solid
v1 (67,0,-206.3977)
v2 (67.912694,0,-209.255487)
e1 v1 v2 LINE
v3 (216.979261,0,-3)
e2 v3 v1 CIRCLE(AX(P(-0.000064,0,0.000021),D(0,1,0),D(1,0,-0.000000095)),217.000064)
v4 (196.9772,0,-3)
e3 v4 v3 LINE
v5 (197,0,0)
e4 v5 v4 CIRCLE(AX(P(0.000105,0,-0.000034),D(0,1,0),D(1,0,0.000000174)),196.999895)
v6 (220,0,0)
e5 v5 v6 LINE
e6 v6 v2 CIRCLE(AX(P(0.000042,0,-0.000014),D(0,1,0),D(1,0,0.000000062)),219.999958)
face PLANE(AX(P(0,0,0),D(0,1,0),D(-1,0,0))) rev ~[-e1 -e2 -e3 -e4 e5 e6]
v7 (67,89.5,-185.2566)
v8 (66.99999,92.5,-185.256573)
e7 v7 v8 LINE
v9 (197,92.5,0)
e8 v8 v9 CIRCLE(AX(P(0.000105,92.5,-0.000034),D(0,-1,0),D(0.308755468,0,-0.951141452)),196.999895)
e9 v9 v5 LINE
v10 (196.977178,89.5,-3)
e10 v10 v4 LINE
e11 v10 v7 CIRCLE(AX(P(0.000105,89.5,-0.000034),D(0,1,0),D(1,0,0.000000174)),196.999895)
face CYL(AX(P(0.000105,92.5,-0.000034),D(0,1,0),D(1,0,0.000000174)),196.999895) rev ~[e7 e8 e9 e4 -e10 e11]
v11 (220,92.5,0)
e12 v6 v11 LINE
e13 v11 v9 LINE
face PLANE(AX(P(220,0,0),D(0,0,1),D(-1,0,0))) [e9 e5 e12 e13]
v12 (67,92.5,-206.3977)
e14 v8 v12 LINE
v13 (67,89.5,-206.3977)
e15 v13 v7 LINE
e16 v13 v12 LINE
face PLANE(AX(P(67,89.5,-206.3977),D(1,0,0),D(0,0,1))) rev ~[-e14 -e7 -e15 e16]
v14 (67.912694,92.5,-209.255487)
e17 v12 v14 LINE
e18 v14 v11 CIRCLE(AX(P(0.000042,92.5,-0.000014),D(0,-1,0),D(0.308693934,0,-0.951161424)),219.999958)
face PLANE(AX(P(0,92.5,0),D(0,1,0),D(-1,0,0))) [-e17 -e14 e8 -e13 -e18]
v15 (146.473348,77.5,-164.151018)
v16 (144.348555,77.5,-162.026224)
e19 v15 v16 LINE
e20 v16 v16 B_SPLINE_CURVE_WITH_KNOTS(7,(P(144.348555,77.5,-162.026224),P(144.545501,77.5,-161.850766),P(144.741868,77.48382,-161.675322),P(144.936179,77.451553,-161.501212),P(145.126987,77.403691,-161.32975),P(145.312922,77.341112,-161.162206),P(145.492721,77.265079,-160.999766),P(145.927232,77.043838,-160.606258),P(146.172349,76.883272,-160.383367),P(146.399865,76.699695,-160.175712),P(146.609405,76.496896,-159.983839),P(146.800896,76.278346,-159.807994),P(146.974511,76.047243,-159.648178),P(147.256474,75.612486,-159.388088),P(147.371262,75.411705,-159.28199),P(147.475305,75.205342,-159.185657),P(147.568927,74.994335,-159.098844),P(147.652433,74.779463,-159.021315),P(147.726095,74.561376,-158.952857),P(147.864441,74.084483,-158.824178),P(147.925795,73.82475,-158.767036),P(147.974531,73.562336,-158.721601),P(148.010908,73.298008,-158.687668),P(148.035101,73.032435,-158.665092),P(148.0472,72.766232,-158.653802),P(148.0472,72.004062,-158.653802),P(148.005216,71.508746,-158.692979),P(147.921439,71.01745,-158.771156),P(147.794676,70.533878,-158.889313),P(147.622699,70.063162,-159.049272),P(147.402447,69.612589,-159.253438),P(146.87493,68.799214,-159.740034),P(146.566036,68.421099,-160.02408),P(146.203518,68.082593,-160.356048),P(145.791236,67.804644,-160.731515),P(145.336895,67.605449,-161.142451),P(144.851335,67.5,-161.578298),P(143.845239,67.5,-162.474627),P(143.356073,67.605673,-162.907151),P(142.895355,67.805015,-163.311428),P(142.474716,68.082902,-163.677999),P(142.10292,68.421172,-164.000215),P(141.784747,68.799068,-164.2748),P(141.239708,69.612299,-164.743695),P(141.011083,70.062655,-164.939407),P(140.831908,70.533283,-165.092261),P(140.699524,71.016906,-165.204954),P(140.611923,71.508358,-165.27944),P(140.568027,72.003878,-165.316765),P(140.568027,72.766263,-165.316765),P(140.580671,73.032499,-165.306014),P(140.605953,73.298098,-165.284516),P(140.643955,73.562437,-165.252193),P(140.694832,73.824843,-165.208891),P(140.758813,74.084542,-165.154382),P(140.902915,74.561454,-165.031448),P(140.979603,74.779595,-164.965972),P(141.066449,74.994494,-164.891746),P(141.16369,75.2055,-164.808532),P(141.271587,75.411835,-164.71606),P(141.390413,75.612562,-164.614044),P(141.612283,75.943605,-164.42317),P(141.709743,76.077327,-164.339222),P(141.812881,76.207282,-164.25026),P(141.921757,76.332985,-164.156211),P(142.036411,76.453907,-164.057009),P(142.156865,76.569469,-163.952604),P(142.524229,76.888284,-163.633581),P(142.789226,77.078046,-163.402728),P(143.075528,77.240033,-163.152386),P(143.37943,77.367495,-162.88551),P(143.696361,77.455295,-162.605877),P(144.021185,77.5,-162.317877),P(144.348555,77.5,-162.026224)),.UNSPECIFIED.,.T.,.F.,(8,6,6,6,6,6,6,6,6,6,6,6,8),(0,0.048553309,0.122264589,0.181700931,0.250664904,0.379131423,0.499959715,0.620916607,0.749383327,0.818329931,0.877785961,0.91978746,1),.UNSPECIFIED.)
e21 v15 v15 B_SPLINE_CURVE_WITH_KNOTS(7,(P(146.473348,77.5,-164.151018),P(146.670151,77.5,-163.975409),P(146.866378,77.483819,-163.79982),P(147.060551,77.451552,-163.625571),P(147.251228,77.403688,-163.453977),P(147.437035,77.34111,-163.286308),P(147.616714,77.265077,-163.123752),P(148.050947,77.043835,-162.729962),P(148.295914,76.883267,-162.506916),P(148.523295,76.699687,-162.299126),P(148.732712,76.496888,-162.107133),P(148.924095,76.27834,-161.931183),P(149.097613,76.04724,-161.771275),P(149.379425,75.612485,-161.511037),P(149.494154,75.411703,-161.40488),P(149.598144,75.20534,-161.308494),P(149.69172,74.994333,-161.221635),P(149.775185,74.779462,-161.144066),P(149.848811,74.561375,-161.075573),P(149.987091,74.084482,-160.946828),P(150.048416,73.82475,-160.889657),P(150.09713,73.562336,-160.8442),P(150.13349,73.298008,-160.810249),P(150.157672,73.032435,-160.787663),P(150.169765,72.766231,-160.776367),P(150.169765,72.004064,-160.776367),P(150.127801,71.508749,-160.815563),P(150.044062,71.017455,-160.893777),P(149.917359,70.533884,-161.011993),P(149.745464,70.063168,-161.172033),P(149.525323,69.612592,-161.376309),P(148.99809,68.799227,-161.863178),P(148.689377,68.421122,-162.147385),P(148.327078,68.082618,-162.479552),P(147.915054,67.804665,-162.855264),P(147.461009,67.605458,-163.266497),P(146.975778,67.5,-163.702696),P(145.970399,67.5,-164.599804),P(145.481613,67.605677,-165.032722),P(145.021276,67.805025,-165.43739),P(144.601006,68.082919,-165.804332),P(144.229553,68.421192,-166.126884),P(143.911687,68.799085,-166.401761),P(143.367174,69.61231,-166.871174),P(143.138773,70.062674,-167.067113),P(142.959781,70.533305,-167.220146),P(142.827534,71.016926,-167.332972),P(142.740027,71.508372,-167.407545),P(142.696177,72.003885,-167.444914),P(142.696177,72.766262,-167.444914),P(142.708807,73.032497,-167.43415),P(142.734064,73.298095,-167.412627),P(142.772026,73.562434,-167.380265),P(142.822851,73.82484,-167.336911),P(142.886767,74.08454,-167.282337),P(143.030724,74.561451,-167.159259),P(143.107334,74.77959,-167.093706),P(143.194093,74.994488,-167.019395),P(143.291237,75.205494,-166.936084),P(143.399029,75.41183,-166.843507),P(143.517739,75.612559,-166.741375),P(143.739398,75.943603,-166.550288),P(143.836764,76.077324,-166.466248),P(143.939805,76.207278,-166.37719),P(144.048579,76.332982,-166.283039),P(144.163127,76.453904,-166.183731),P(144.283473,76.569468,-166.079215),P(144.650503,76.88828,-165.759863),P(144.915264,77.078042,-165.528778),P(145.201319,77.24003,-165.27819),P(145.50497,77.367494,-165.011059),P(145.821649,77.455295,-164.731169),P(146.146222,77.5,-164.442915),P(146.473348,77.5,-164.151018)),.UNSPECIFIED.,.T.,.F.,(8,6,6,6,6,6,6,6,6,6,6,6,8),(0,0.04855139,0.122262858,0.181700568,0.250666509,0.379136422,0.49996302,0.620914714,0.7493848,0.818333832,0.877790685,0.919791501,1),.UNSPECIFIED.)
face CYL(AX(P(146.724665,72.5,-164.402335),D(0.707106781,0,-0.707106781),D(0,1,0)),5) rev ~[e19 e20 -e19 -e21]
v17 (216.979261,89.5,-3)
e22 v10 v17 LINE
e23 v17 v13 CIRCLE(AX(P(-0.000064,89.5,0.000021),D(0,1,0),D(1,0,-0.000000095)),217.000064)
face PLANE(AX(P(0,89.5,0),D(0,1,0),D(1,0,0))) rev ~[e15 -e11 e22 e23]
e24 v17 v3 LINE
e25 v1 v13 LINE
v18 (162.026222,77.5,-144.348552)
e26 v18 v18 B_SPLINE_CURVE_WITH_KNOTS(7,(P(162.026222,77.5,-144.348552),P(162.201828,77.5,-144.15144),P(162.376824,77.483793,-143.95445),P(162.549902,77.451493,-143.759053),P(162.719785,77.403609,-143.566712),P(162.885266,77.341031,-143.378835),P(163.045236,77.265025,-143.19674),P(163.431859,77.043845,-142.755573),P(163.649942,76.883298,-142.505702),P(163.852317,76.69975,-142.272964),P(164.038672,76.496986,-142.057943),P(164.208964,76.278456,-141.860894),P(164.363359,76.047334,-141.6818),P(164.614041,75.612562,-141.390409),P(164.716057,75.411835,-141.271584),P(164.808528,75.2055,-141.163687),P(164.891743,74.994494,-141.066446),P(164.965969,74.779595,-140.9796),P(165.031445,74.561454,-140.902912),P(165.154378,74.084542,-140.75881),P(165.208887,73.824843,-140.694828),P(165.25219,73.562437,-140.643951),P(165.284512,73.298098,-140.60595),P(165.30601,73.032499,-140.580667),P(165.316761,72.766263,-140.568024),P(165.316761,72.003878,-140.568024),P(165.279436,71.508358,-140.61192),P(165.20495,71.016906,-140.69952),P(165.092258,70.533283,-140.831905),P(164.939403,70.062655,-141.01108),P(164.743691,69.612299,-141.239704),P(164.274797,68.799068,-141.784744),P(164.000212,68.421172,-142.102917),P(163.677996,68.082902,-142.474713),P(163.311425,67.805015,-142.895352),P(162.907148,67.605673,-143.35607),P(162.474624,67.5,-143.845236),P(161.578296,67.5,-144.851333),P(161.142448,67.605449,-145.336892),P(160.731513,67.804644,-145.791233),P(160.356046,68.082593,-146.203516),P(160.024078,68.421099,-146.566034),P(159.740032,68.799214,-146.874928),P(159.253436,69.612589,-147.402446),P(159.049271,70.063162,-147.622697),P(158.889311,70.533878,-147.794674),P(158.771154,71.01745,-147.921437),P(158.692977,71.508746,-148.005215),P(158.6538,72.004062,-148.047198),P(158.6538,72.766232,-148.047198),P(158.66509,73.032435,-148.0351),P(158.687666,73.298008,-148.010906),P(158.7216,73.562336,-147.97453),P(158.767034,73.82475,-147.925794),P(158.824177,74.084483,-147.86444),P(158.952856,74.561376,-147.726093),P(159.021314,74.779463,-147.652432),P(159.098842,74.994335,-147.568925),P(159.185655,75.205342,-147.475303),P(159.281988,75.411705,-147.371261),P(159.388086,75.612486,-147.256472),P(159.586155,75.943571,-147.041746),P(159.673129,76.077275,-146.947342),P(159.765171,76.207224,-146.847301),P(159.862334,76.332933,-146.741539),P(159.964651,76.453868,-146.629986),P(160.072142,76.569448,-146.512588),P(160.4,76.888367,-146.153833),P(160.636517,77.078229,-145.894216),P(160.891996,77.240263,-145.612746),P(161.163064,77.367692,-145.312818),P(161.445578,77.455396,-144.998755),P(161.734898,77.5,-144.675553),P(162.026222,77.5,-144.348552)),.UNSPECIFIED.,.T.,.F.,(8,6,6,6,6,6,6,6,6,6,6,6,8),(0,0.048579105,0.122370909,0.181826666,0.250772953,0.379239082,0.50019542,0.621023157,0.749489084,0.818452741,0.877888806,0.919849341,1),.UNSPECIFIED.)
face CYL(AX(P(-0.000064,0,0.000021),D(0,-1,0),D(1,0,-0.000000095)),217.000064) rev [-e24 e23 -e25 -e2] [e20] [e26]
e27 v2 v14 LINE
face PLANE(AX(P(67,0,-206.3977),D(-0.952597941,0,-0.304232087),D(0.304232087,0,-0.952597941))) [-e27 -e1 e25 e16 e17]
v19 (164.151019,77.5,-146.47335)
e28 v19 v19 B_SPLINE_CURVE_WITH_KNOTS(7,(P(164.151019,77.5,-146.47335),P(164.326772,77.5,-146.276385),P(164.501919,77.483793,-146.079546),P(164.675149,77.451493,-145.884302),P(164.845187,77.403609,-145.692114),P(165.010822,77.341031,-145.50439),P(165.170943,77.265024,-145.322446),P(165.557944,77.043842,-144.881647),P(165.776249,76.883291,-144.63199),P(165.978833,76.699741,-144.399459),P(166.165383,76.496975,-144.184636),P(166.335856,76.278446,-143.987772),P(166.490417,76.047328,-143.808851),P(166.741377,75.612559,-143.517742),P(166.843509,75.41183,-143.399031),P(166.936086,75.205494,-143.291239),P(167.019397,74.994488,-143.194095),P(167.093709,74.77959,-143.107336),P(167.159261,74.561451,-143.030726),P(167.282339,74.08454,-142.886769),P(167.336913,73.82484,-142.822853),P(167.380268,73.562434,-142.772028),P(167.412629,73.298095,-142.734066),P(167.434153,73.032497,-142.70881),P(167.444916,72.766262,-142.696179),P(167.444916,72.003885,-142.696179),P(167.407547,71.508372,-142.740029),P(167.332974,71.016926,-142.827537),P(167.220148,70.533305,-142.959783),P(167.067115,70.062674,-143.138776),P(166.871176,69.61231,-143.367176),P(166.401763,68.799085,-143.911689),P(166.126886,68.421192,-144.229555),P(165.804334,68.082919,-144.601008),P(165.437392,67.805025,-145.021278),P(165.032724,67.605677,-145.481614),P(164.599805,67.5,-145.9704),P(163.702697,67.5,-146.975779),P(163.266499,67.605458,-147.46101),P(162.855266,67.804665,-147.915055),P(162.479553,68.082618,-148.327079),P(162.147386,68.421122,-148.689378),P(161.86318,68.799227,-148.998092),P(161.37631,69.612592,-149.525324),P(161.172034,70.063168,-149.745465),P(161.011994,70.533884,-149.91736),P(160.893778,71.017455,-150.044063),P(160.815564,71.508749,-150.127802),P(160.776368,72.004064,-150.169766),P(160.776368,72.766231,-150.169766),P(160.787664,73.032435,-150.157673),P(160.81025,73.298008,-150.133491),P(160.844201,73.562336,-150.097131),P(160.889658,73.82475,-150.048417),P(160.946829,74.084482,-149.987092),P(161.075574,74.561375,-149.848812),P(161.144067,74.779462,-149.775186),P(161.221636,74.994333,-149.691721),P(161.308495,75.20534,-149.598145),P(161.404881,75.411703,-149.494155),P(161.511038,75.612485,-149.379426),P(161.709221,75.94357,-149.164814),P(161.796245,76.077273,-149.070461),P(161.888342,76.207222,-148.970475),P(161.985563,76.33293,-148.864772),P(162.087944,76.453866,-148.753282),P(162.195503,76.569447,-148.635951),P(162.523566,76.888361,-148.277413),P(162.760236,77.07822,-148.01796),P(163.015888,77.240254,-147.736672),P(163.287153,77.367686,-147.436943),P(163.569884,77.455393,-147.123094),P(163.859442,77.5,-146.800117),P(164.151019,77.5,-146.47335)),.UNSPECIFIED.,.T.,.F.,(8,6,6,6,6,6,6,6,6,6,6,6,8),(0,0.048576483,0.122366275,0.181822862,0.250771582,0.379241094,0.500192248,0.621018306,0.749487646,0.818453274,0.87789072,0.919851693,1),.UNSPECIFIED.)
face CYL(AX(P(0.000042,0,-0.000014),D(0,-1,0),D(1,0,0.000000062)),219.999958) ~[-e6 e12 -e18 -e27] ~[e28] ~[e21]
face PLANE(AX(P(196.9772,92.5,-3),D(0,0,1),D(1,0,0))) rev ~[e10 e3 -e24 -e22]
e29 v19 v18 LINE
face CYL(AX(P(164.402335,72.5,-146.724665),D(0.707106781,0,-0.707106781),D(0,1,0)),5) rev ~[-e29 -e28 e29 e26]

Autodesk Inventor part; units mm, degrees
ref_plane "YZ Plane" through (0, 0, 0) normal (1, 0, 0) x (0, 1, 0)
ref_plane "XZ Plane" through (0, 0, 0) normal (0, 1, 0) x (-1, 0, 0)
sketch "Sketch1" plane through (0, 0, 0) normal (0, 1, 0) x (-1, 0, 0)
  arc A0 (-220, 0) -> (-67, -209.5495) centre (0, 0) ccw
  arc A1 (-217, 0) -> (-67, -206.3977) centre (0, 0) ccw
  line L0 (-220, 0) -> (-217, 0)
  line L1 (0, -220) -> (0, -217)
  line L2 (0, -220) -> (-67, -220)
  line L3 (0, -220) -> (67, -220) construction
  line L4 (-67, -220) -> (-67, -206.3977)
  line L5 (-67, -206.3977) -> (-65.0308, -207.0265)
  line L6 (-67, -206.3977) -> (-68.4601, -210.9695)
  point P0 (-67.9127, -209.2555)
  dimension "d0" = 440
  dimension "d1" = 3
  dimension "d2" = 67
  dimension "d3" = 180
  dimension "d9" = 90
extrude "Extrusion1" add sketch "Sketch1" along normal blind 92.5 contours L0 A1 L6 A0
sketch "Sketch3" plane through (0, 92.5, 0) normal (0, 1, 0) x (1, 0, 0)
  arc A0 (217, 0) -> (67, 206.3977) centre (0, 0) ccw projected
  arc A1 (197, 0) -> (60.8249, 187.3748) centre (0, 0) ccw
  line L0 (60.8249, 187.3748) -> (67, 206.3977)
  line L1 (197, 0) -> (217, 0)
  dimension "d10" = 20
extrude "Extrusion3" add sketch "Sketch3" against normal blind 3
sketch "Sketch4" plane through (0, 92.5, 0) normal (0, 1, 0) x (1, 0, 0)
  line L0 (197, 0) -> (220, 0) projected
  arc A0 (197, 0) -> (60.8249, 187.3748) centre (0, 0) ccw projected
  arc A1 (220, 0) -> (67.9127, 209.2555) centre (0, 0) ccw projected
  line L1 (196.9772, 3) -> (219.9795, 3)
  dimension "d13" = 3
extrude "Extrusion4" add sketch "Sketch4" against normal up to surface (92.5 mm away)
sketch "Sketch5" plane through (0, 89.5, 0) normal (0, -1, 0) x (1, 0, 0)
  arc A0 (60.8249, -187.3748) -> (196.9772, -3) centre (0, 0) ccw projected
  line L0 (60.8249, -187.3748) -> (67, -206.3977) projected
  arc A1 (67, -206.3977) -> (216.9793, -3) centre (0, 0) ccw projected
  line L1 (67, -206.3977) -> (67, -185.2566)
  line L2 (67, -206.3977) -> (88.1411, -206.3977) construction
  dimension "d16" = 90
extrude "Extrusion5" cut sketch "Sketch5" against normal through all
sketch "Sketch6" plane through (0, 0, 0) normal (0, -1, 0) x (1, 0, 0)
  line L0 (0, 0) -> (155.5635, -155.5635)
  arc A0 (67.9127, -209.2555) -> (220, 0) centre (0, 0) ccw projected
  line L1 (0, 0) -> (220, 0) construction
  dimension "d19" = 45
ref_plane "Work Plane1" through (155.5635, 0, -155.5635) normal (0.7071, 0, -0.7071) x (0, 1, 0)
sketch "Sketch7" plane through (155.5635, 0, -155.5635) normal (0.7071, 0, -0.7071) x (0, 1, 0)
  circle A0 centre (72.5, -12.5) radius 5
  circle A1 centre (72.5, 12.5) radius 5
  line L0 (92.5, -99.9445) -> (92.5, 155.5635) projected
  line L1 (0, 0) -> (103.0589, 0)
  dimension "d20" = 10
  dimension "d21" = 10
  dimension "d22" = 25
  dimension "d23" = 20
  dimension "d24" = 20
  dimension "d25" = 12.5
extrude "Extrusion6" cut sketch "Sketch7" against normal through all
properties part number "Bottom_Enclosure_2"
